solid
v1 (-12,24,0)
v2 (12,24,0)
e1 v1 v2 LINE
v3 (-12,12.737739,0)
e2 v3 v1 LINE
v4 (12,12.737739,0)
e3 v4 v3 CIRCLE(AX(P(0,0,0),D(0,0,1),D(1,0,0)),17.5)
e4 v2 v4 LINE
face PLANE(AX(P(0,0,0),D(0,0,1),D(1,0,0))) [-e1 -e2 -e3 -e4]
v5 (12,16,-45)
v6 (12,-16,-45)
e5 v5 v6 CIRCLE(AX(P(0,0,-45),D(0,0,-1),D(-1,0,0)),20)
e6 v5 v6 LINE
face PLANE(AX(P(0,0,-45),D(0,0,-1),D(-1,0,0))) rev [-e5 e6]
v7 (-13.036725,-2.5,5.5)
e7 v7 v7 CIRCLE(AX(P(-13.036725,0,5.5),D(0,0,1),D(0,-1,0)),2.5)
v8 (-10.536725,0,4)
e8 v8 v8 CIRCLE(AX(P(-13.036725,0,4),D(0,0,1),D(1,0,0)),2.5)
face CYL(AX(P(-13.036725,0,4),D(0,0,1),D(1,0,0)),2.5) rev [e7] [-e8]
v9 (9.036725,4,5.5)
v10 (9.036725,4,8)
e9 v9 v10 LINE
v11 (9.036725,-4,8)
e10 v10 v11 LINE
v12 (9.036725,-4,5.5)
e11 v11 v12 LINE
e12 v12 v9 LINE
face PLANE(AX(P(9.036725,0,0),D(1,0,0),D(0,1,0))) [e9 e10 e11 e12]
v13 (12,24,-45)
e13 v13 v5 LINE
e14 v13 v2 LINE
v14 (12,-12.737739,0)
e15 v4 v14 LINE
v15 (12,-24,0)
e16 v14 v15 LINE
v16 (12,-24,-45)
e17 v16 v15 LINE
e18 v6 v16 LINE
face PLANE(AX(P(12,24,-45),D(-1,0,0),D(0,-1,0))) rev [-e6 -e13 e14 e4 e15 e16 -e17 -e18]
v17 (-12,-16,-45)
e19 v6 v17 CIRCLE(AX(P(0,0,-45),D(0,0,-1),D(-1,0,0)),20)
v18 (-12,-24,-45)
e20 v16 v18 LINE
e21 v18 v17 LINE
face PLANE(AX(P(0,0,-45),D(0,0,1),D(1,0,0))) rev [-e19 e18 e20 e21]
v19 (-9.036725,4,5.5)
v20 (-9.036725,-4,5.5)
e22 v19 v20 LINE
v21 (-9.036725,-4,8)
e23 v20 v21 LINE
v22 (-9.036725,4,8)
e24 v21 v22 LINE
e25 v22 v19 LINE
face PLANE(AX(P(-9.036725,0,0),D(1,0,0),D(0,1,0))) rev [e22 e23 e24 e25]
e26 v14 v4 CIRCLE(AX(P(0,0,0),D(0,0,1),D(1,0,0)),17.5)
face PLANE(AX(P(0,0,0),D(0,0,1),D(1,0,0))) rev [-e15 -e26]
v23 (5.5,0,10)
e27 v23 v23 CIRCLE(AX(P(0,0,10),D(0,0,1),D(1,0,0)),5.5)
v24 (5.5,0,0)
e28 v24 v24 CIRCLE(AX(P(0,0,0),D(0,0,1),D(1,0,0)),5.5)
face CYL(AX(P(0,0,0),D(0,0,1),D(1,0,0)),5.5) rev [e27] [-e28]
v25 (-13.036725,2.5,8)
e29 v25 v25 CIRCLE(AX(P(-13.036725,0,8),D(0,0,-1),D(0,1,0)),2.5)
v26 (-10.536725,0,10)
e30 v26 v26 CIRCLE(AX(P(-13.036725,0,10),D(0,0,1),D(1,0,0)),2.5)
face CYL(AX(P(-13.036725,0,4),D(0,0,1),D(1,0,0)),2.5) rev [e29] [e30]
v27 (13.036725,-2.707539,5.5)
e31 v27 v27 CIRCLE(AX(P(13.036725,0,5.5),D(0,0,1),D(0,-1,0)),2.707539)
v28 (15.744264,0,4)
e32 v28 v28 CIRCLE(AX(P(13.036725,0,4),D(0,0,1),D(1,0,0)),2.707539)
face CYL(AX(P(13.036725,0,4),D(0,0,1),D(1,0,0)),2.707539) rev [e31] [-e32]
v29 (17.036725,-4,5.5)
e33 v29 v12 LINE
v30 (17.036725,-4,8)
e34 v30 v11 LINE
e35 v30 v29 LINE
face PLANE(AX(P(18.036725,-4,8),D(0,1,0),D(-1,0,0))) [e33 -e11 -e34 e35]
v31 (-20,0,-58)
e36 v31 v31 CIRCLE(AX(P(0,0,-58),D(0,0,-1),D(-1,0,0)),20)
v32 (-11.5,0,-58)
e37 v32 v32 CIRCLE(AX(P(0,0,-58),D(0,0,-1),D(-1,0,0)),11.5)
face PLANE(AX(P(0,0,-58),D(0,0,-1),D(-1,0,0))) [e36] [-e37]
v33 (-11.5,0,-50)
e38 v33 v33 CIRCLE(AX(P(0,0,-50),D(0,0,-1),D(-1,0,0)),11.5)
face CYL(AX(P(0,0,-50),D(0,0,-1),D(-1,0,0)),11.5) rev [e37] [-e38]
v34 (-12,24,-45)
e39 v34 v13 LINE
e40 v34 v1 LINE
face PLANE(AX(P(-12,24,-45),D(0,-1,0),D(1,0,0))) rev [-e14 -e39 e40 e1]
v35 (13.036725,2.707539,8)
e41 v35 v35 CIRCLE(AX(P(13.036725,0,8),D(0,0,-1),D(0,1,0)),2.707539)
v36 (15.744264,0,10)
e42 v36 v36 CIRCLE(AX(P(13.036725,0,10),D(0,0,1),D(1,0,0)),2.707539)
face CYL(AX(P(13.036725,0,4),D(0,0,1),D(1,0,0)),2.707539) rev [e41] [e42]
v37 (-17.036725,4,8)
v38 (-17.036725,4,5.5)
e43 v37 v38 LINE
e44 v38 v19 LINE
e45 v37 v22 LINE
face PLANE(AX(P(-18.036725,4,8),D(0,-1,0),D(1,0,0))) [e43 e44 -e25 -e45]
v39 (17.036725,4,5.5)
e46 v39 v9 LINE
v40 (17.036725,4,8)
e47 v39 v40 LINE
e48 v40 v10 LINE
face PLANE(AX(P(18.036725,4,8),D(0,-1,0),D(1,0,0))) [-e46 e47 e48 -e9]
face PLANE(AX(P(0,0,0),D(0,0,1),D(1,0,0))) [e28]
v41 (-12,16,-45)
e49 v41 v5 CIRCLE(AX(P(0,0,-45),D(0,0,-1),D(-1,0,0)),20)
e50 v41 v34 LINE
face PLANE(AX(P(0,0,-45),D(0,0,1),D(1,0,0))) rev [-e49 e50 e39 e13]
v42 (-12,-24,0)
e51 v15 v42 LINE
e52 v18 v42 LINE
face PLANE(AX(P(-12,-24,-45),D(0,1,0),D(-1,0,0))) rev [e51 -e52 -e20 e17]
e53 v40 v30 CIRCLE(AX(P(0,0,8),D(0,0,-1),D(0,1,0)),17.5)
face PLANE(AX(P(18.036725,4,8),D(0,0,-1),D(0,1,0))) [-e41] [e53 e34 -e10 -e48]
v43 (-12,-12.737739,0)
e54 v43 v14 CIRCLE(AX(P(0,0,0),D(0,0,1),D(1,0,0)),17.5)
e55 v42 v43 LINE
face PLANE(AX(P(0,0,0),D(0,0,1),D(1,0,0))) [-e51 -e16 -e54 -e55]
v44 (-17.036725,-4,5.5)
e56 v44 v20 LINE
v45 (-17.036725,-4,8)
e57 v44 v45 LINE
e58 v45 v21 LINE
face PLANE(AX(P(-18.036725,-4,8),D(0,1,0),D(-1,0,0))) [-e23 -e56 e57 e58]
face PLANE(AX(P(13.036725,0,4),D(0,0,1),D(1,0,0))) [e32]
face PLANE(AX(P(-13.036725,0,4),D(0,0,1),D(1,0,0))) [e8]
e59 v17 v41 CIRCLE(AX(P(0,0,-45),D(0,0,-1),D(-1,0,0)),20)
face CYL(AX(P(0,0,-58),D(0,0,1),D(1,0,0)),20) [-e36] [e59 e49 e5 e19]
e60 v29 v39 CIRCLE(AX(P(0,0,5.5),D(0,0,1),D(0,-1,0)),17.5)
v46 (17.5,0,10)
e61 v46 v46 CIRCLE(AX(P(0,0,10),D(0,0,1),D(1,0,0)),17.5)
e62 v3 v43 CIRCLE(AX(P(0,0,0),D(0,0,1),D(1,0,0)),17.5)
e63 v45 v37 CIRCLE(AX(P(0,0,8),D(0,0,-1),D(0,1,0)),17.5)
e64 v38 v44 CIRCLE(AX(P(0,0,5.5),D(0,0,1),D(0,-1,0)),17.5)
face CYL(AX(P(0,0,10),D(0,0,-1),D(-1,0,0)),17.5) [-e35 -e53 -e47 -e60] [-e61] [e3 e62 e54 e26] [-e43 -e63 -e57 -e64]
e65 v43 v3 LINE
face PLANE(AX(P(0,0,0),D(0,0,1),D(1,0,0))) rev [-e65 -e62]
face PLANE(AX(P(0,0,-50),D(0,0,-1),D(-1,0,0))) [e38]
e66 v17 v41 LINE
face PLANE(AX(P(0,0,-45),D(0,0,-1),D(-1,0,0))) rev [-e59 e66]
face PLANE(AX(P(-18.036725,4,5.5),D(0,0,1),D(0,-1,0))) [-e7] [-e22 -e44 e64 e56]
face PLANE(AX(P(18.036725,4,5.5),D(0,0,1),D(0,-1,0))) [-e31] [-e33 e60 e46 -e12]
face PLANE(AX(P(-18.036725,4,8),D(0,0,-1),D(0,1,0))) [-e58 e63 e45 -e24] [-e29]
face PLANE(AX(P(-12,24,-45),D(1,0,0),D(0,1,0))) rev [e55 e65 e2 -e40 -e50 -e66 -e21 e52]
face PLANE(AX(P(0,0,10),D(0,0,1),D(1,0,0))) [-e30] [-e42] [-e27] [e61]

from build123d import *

# Parameters (mm, degrees)
ESQUISSE1_R                  = 17.5
BOSS_EXTRU_1_DEPTH           = 10
ESQUISSE3_W                  = 8
ESQUISSE3_H                  = 8
BOSS_EXTRU_3_DEPTH           = 4.5
ESQUISSE4_W                  = 2.5
ESQUISSE4_H                  = 8
ENL_V_MAT_EXTRU_1_DEPTH      = 1
ENL_V_MAT_EXTRU_1_DEPTH_BACK = 8
ESQUISSE5_R                  = 2.5
ENL_V_MAT_EXTRU_2_DEPTH      = 10.5
ESQUISSE6_W                  = 8
ESQUISSE6_H                  = 8
ESQUISSE6_R                  = 2.5
ENL_V_MAT_EXTRU_3_DEPTH      = 4.5
ESQUISSE7_W                  = 2.5
ESQUISSE7_H                  = 8
ENL_V_MAT_EXTRU_4_DEPTH      = 1
ENL_V_MAT_EXTRU_4_DEPTH_BACK = 8
ESQUISSE8_R                  = 2.707539361
ENL_V_MAT_EXTRU_5_DEPTH      = 10.5
ESQUISSE9_W                  = 8
ESQUISSE9_H                  = 8
ESQUISSE9_R                  = 2.707539361
ENL_V_MAT_EXTRU_6_DEPTH      = 4.5
ESQUISSE10_R                 = 5.5
ENL_V_MAT_EXTRU_7_DEPTH      = 11
ESQUISSE11_W                 = 24
ESQUISSE11_H                 = 48
BOSS_EXTRU_4_DEPTH           = 45
ESQUISSE12_R                 = 20
BOSS_EXTRU_5_DEPTH           = 13
ESQUISSE13_R                 = 11.5
ENL_V_MAT_EXTRU_8_DEPTH      = 8


with BuildPart() as part:
    # Esquisse1 → Boss.-Extru.1 (new body)
    with BuildSketch(Plane.XY):
        Circle(ESQUISSE1_R)
    extrude(amount=BOSS_EXTRU_1_DEPTH)

    # Esquisse3 → Boss.-Extru.3 (add)
    with BuildSketch(Plane.XY.offset(10)):
        with Locations((13.036725037, 0)):
            Rectangle(ESQUISSE3_W, ESQUISSE3_H)
        with Locations((-13.036725037, 0)):
            Rectangle(ESQUISSE3_W, ESQUISSE3_H)
    extrude(amount=BOSS_EXTRU_3_DEPTH)

    # Esquisse4 → Enlèv. mat.-Extru.1 (cut, two sides)
    with BuildSketch(Plane.ZY.offset(17.036725037)) as enl_v_mat_extru_1_sk:
        with Locations((6.75, 0)):
            Rectangle(ESQUISSE4_W, ESQUISSE4_H)
    extrude(amount=ENL_V_MAT_EXTRU_1_DEPTH, mode=Mode.SUBTRACT)
    extrude(enl_v_mat_extru_1_sk.sketch, amount=-ENL_V_MAT_EXTRU_1_DEPTH_BACK, mode=Mode.SUBTRACT)

    # Esquisse5 → Enlèv. mat.-Extru.2 (cut)
    with BuildSketch(Plane.XY.offset(14.5)):
        with Locations((-13.036725037, 0)):
            Circle(ESQUISSE5_R)
    extrude(amount=-ENL_V_MAT_EXTRU_2_DEPTH, mode=Mode.SUBTRACT)

    # Esquisse6 → Enlèv. mat.-Extru.3 (cut)
    with BuildSketch(Plane.XY.offset(14.5)):
        with Locations((-13.036725037, 0)):
            Rectangle(ESQUISSE6_W, ESQUISSE6_H)
        with Locations((-13.036725037, 0)):
            Circle(ESQUISSE6_R, mode=Mode.SUBTRACT)
    extrude(amount=-ENL_V_MAT_EXTRU_3_DEPTH, mode=Mode.SUBTRACT)

    # Esquisse7 → Enlèv. mat.-Extru.4 (cut, two sides)
    with BuildSketch(Plane(origin=(17.036725037, 0, 0), x_dir=(0, 0, -1), z_dir=(1, 0, 0))) as enl_v_mat_extru_4_sk:
        with Locations((-6.75, 0)):
            Rectangle(ESQUISSE7_W, ESQUISSE7_H)
    extrude(amount=ENL_V_MAT_EXTRU_4_DEPTH, mode=Mode.SUBTRACT)
    extrude(enl_v_mat_extru_4_sk.sketch, amount=-ENL_V_MAT_EXTRU_4_DEPTH_BACK, mode=Mode.SUBTRACT)

    # Esquisse8 → Enlèv. mat.-Extru.5 (cut)
    with BuildSketch(Plane.XY.offset(14.5)):
        with Locations((13.036725037, 0)):
            Circle(ESQUISSE8_R)
    extrude(amount=-ENL_V_MAT_EXTRU_5_DEPTH, mode=Mode.SUBTRACT)

    # Esquisse9 → Enlèv. mat.-Extru.6 (cut)
    with BuildSketch(Plane.XY.offset(14.5)):
        with Locations((13.036725037, 0)):
            Rectangle(ESQUISSE9_W, ESQUISSE9_H)
        with Locations((13.036725037, 0)):
            Circle(ESQUISSE9_R, mode=Mode.SUBTRACT)
    extrude(amount=-ENL_V_MAT_EXTRU_6_DEPTH, mode=Mode.SUBTRACT)

    # Esquisse10 → Enlèv. mat.-Extru.7 (cut, through all)
    with BuildSketch(Plane.XY.offset(10)):
        Circle(ESQUISSE10_R)
    extrude(amount=-ENL_V_MAT_EXTRU_7_DEPTH, mode=Mode.SUBTRACT)

    # Esquisse11 → Boss.-Extru.4 (add)
    with BuildSketch(Plane(origin=(0, 0, 0), x_dir=(-1, 0, 0), z_dir=(0, 0, -1))):
        Rectangle(ESQUISSE11_W, ESQUISSE11_H)
    extrude(amount=BOSS_EXTRU_4_DEPTH)

    # Esquisse12 → Boss.-Extru.5 (add)
    with BuildSketch(Plane(origin=(0, 0, -45), x_dir=(-1, 0, 0), z_dir=(0, 0, -1))):
        Circle(ESQUISSE12_R)
    extrude(amount=BOSS_EXTRU_5_DEPTH)

    # Esquisse13 → Enlèv. mat.-Extru.8 (cut)
    with BuildSketch(Plane(origin=(0, 0, -58), x_dir=(-1, 0, 0), z_dir=(0, 0, -1))):
        Circle(ESQUISSE13_R)
    extrude(amount=-ENL_V_MAT_EXTRU_8_DEPTH, mode=Mode.SUBTRACT)


solid = part.part
